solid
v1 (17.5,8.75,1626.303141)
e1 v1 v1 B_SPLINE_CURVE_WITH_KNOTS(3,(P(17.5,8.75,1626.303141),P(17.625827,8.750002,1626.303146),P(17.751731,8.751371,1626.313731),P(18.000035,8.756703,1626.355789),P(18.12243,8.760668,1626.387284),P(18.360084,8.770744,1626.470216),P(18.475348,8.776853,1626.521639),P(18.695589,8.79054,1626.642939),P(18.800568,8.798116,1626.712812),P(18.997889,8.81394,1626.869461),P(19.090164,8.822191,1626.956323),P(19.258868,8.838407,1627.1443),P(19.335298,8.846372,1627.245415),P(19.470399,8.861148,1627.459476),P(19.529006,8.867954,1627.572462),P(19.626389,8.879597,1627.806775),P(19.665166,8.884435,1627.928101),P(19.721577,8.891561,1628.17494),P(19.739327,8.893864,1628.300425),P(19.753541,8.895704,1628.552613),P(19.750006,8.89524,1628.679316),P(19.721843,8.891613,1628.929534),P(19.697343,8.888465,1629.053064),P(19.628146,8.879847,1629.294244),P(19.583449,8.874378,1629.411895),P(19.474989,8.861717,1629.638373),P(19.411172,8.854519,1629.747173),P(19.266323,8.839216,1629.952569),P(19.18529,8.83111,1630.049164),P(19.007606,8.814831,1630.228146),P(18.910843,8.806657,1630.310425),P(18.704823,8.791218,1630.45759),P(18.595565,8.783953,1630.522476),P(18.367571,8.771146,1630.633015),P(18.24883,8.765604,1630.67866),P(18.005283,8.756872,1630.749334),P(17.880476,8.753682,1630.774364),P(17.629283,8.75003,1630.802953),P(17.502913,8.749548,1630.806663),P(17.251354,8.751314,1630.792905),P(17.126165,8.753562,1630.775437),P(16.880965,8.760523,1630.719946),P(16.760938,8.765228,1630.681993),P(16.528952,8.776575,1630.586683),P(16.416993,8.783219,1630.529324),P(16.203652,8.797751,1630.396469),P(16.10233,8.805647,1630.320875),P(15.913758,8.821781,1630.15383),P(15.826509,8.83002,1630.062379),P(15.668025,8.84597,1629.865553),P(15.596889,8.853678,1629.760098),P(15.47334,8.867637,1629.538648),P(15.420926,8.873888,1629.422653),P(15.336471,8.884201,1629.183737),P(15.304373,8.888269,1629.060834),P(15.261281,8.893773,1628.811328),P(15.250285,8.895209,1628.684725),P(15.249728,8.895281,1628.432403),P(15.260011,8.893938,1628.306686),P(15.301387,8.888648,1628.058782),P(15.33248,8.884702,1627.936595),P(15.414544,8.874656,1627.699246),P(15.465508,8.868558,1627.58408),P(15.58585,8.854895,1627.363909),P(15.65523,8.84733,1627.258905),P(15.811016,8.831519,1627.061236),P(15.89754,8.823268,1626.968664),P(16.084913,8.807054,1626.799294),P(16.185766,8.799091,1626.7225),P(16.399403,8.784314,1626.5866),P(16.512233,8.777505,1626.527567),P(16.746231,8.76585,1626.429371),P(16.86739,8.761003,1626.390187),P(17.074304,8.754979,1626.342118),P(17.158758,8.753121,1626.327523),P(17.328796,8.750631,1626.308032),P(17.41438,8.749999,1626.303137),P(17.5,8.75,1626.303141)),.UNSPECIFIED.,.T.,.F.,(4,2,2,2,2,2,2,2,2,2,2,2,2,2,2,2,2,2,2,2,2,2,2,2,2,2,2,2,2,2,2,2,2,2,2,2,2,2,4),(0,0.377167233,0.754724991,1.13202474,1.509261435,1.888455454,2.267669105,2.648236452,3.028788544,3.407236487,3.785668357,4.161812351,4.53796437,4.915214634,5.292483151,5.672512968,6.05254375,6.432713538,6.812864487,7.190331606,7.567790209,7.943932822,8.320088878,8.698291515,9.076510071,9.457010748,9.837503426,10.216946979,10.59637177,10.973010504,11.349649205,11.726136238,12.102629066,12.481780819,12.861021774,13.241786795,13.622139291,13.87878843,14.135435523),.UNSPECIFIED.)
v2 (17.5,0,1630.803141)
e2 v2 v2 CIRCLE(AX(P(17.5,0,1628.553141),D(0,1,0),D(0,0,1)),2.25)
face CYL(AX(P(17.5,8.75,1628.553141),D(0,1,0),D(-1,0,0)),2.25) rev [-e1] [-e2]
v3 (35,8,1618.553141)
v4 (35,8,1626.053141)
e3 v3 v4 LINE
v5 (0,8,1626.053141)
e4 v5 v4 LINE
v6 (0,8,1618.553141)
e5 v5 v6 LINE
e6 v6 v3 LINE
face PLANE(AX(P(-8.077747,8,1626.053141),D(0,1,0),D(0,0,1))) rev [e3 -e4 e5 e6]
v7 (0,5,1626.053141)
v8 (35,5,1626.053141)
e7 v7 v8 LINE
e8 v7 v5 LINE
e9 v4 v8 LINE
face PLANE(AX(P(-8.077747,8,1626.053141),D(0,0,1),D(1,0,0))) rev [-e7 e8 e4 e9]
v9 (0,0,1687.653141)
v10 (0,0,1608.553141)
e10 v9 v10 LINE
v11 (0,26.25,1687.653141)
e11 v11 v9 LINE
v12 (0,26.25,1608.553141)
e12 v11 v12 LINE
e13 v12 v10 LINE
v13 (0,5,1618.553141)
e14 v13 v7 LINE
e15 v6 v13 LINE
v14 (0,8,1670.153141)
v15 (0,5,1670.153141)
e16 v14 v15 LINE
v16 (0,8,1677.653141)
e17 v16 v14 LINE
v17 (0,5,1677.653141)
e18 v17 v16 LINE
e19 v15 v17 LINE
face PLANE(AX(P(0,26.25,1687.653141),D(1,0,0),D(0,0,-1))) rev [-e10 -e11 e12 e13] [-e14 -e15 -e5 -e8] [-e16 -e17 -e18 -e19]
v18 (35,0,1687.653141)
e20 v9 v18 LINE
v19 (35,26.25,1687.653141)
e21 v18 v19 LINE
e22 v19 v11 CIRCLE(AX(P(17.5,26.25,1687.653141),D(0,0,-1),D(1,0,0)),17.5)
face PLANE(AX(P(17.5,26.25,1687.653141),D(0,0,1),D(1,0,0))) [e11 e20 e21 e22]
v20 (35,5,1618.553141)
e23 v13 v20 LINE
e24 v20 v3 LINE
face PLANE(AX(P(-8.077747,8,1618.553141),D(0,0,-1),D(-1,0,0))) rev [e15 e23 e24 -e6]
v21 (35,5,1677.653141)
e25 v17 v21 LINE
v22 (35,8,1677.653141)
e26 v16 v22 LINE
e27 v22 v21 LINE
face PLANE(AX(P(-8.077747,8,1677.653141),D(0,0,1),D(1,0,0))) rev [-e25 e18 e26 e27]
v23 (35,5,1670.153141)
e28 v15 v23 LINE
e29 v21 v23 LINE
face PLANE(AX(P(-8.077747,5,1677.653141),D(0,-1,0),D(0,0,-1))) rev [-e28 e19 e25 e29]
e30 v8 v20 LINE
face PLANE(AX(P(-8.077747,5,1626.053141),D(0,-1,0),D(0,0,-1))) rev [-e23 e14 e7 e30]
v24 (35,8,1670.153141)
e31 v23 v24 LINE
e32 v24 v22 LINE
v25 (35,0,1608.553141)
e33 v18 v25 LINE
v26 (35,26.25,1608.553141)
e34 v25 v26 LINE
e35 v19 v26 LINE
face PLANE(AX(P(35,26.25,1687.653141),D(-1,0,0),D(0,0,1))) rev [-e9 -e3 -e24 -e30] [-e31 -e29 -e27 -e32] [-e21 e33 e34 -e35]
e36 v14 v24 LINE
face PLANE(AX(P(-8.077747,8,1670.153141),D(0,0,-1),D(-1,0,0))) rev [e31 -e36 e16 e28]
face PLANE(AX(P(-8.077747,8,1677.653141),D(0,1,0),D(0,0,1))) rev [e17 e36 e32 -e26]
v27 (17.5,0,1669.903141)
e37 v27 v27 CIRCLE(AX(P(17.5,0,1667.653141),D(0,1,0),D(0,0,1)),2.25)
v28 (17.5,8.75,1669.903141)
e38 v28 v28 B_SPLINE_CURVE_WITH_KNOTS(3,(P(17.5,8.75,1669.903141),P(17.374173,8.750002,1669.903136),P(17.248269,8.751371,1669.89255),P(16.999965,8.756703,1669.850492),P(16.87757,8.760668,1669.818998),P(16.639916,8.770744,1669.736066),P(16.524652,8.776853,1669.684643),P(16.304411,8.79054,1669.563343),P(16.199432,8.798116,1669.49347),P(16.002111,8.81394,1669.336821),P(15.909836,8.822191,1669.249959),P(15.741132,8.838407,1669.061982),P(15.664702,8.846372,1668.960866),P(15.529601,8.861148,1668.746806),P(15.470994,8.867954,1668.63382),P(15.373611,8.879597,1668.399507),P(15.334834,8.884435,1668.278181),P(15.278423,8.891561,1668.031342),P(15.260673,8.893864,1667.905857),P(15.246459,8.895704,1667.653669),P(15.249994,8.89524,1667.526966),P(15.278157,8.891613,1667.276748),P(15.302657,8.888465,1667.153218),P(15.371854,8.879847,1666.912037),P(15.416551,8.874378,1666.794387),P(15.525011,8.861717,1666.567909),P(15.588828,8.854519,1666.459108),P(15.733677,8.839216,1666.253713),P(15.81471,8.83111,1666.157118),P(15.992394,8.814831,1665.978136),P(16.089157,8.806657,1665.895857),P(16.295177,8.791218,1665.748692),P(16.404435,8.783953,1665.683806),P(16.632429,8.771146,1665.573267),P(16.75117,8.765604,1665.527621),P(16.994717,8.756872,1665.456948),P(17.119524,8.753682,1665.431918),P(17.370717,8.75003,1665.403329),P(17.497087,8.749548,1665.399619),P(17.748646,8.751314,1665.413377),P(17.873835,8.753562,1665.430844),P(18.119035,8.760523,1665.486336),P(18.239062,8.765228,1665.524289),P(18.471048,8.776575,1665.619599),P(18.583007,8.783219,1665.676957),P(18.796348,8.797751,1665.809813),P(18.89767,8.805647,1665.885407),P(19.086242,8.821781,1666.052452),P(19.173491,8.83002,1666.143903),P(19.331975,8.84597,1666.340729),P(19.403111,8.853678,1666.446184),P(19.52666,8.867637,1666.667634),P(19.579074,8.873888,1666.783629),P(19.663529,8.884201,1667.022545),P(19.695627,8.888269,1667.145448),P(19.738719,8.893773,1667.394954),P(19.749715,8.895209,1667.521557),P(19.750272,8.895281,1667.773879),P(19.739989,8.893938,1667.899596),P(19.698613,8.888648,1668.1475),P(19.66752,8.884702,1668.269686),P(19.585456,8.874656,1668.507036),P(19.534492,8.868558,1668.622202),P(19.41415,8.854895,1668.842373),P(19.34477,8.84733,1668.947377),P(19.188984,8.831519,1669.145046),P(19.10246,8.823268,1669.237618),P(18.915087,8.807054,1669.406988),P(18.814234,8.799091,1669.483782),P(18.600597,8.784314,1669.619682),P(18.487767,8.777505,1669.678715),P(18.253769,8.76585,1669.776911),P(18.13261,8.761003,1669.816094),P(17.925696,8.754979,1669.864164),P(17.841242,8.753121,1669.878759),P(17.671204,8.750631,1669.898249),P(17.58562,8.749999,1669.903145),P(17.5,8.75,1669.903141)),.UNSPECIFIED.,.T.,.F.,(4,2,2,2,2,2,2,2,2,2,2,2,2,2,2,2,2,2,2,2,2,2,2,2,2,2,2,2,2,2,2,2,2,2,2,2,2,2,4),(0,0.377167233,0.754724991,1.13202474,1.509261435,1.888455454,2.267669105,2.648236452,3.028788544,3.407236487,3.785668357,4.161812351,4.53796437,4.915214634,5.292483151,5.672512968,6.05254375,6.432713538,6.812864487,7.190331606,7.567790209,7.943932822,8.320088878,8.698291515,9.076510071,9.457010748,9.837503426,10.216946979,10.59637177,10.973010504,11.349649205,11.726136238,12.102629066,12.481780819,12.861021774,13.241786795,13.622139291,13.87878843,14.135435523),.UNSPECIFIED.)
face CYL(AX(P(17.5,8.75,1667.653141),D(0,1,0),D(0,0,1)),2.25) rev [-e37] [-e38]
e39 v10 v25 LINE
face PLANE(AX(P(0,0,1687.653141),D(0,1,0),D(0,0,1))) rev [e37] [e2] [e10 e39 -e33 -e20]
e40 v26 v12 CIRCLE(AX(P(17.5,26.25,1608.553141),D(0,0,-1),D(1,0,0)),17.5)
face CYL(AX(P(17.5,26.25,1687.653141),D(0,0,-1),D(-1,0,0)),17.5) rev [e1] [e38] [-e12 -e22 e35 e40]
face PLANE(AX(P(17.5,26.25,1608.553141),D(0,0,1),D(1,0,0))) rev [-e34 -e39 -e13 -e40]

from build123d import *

# Parameters (mm, degrees)
BOSS_EXTRU_1_DEPTH      = 79.1
D_GAGEMENT_M41_D        = 4.5
D_GAGEMENT_M41_DEPTH    = 10
D_GAGEMENT_M41_TIP      = 1.351936393
ESQUISSE7_W             = 7.5
ESQUISSE7_H             = 3
BOSS_EXTRU_3_DEPTH      = 35
ESQUISSE7_2_W           = 7.5
ESQUISSE7_2_H           = 3
ENL_V_MAT_EXTRU_5_DEPTH = 35


with BuildPart() as part:
    # Esquisse1 → Boss.-Extru.1 (new body)
    with BuildSketch(Plane.XY.offset(1608.553140947)):
        with BuildLine():
            Line((0, 0), (35, 0))
            Line((35, 0), (35, 26.25))
            ThreePointArc((35, 26.25), (17.5, 8.75), (0, 26.25))
            Line((0, 26.25), (0, 0))
        make_face()
    extrude(amount=BOSS_EXTRU_1_DEPTH)

    # Dégagement M41
    with Locations(Plane(origin=(17.499999998, 8.75, 1628.553140947), x_dir=(1.0, -1.24e-10, 0), z_dir=(1.24e-10, 1.0, 0))):
        with Locations((0, 0), (2e-09, -39.1)):
            Hole(D_GAGEMENT_M41_D / 2, depth=D_GAGEMENT_M41_DEPTH)
            with Locations((0, 0, -(D_GAGEMENT_M41_DEPTH + D_GAGEMENT_M41_TIP / 2))):  # 118° drill point
                Cone(0, D_GAGEMENT_M41_D / 2, D_GAGEMENT_M41_TIP, mode=Mode.SUBTRACT)

    # Esquisse7 → Boss.-Extru.3 (add)
    with BuildSketch(Plane(origin=(35, 0, 0), x_dir=(0, 0, -1), z_dir=(1, 0, 0))):
        with Locations((-1673.903140947, 6.5)):
            Rectangle(ESQUISSE7_W, ESQUISSE7_H)
        with Locations((-1622.303140947, 6.5)):
            Rectangle(ESQUISSE7_W, ESQUISSE7_H)
    extrude(amount=-BOSS_EXTRU_3_DEPTH)

    # Esquisse7<2> → Enlèv. mat.-Extru.5 (cut)
    with BuildSketch(Plane(origin=(35, 0, 0), x_dir=(0, 0, -1), z_dir=(1, 0, 0))):
        with Locations((-1673.903140947, 6.5)):
            Rectangle(ESQUISSE7_2_W, ESQUISSE7_2_H)
        with Locations((-1622.303140947, 6.5)):
            Rectangle(ESQUISSE7_2_W, ESQUISSE7_2_H)
    extrude(amount=-ENL_V_MAT_EXTRU_5_DEPTH, mode=Mode.SUBTRACT)


solid = part.part
